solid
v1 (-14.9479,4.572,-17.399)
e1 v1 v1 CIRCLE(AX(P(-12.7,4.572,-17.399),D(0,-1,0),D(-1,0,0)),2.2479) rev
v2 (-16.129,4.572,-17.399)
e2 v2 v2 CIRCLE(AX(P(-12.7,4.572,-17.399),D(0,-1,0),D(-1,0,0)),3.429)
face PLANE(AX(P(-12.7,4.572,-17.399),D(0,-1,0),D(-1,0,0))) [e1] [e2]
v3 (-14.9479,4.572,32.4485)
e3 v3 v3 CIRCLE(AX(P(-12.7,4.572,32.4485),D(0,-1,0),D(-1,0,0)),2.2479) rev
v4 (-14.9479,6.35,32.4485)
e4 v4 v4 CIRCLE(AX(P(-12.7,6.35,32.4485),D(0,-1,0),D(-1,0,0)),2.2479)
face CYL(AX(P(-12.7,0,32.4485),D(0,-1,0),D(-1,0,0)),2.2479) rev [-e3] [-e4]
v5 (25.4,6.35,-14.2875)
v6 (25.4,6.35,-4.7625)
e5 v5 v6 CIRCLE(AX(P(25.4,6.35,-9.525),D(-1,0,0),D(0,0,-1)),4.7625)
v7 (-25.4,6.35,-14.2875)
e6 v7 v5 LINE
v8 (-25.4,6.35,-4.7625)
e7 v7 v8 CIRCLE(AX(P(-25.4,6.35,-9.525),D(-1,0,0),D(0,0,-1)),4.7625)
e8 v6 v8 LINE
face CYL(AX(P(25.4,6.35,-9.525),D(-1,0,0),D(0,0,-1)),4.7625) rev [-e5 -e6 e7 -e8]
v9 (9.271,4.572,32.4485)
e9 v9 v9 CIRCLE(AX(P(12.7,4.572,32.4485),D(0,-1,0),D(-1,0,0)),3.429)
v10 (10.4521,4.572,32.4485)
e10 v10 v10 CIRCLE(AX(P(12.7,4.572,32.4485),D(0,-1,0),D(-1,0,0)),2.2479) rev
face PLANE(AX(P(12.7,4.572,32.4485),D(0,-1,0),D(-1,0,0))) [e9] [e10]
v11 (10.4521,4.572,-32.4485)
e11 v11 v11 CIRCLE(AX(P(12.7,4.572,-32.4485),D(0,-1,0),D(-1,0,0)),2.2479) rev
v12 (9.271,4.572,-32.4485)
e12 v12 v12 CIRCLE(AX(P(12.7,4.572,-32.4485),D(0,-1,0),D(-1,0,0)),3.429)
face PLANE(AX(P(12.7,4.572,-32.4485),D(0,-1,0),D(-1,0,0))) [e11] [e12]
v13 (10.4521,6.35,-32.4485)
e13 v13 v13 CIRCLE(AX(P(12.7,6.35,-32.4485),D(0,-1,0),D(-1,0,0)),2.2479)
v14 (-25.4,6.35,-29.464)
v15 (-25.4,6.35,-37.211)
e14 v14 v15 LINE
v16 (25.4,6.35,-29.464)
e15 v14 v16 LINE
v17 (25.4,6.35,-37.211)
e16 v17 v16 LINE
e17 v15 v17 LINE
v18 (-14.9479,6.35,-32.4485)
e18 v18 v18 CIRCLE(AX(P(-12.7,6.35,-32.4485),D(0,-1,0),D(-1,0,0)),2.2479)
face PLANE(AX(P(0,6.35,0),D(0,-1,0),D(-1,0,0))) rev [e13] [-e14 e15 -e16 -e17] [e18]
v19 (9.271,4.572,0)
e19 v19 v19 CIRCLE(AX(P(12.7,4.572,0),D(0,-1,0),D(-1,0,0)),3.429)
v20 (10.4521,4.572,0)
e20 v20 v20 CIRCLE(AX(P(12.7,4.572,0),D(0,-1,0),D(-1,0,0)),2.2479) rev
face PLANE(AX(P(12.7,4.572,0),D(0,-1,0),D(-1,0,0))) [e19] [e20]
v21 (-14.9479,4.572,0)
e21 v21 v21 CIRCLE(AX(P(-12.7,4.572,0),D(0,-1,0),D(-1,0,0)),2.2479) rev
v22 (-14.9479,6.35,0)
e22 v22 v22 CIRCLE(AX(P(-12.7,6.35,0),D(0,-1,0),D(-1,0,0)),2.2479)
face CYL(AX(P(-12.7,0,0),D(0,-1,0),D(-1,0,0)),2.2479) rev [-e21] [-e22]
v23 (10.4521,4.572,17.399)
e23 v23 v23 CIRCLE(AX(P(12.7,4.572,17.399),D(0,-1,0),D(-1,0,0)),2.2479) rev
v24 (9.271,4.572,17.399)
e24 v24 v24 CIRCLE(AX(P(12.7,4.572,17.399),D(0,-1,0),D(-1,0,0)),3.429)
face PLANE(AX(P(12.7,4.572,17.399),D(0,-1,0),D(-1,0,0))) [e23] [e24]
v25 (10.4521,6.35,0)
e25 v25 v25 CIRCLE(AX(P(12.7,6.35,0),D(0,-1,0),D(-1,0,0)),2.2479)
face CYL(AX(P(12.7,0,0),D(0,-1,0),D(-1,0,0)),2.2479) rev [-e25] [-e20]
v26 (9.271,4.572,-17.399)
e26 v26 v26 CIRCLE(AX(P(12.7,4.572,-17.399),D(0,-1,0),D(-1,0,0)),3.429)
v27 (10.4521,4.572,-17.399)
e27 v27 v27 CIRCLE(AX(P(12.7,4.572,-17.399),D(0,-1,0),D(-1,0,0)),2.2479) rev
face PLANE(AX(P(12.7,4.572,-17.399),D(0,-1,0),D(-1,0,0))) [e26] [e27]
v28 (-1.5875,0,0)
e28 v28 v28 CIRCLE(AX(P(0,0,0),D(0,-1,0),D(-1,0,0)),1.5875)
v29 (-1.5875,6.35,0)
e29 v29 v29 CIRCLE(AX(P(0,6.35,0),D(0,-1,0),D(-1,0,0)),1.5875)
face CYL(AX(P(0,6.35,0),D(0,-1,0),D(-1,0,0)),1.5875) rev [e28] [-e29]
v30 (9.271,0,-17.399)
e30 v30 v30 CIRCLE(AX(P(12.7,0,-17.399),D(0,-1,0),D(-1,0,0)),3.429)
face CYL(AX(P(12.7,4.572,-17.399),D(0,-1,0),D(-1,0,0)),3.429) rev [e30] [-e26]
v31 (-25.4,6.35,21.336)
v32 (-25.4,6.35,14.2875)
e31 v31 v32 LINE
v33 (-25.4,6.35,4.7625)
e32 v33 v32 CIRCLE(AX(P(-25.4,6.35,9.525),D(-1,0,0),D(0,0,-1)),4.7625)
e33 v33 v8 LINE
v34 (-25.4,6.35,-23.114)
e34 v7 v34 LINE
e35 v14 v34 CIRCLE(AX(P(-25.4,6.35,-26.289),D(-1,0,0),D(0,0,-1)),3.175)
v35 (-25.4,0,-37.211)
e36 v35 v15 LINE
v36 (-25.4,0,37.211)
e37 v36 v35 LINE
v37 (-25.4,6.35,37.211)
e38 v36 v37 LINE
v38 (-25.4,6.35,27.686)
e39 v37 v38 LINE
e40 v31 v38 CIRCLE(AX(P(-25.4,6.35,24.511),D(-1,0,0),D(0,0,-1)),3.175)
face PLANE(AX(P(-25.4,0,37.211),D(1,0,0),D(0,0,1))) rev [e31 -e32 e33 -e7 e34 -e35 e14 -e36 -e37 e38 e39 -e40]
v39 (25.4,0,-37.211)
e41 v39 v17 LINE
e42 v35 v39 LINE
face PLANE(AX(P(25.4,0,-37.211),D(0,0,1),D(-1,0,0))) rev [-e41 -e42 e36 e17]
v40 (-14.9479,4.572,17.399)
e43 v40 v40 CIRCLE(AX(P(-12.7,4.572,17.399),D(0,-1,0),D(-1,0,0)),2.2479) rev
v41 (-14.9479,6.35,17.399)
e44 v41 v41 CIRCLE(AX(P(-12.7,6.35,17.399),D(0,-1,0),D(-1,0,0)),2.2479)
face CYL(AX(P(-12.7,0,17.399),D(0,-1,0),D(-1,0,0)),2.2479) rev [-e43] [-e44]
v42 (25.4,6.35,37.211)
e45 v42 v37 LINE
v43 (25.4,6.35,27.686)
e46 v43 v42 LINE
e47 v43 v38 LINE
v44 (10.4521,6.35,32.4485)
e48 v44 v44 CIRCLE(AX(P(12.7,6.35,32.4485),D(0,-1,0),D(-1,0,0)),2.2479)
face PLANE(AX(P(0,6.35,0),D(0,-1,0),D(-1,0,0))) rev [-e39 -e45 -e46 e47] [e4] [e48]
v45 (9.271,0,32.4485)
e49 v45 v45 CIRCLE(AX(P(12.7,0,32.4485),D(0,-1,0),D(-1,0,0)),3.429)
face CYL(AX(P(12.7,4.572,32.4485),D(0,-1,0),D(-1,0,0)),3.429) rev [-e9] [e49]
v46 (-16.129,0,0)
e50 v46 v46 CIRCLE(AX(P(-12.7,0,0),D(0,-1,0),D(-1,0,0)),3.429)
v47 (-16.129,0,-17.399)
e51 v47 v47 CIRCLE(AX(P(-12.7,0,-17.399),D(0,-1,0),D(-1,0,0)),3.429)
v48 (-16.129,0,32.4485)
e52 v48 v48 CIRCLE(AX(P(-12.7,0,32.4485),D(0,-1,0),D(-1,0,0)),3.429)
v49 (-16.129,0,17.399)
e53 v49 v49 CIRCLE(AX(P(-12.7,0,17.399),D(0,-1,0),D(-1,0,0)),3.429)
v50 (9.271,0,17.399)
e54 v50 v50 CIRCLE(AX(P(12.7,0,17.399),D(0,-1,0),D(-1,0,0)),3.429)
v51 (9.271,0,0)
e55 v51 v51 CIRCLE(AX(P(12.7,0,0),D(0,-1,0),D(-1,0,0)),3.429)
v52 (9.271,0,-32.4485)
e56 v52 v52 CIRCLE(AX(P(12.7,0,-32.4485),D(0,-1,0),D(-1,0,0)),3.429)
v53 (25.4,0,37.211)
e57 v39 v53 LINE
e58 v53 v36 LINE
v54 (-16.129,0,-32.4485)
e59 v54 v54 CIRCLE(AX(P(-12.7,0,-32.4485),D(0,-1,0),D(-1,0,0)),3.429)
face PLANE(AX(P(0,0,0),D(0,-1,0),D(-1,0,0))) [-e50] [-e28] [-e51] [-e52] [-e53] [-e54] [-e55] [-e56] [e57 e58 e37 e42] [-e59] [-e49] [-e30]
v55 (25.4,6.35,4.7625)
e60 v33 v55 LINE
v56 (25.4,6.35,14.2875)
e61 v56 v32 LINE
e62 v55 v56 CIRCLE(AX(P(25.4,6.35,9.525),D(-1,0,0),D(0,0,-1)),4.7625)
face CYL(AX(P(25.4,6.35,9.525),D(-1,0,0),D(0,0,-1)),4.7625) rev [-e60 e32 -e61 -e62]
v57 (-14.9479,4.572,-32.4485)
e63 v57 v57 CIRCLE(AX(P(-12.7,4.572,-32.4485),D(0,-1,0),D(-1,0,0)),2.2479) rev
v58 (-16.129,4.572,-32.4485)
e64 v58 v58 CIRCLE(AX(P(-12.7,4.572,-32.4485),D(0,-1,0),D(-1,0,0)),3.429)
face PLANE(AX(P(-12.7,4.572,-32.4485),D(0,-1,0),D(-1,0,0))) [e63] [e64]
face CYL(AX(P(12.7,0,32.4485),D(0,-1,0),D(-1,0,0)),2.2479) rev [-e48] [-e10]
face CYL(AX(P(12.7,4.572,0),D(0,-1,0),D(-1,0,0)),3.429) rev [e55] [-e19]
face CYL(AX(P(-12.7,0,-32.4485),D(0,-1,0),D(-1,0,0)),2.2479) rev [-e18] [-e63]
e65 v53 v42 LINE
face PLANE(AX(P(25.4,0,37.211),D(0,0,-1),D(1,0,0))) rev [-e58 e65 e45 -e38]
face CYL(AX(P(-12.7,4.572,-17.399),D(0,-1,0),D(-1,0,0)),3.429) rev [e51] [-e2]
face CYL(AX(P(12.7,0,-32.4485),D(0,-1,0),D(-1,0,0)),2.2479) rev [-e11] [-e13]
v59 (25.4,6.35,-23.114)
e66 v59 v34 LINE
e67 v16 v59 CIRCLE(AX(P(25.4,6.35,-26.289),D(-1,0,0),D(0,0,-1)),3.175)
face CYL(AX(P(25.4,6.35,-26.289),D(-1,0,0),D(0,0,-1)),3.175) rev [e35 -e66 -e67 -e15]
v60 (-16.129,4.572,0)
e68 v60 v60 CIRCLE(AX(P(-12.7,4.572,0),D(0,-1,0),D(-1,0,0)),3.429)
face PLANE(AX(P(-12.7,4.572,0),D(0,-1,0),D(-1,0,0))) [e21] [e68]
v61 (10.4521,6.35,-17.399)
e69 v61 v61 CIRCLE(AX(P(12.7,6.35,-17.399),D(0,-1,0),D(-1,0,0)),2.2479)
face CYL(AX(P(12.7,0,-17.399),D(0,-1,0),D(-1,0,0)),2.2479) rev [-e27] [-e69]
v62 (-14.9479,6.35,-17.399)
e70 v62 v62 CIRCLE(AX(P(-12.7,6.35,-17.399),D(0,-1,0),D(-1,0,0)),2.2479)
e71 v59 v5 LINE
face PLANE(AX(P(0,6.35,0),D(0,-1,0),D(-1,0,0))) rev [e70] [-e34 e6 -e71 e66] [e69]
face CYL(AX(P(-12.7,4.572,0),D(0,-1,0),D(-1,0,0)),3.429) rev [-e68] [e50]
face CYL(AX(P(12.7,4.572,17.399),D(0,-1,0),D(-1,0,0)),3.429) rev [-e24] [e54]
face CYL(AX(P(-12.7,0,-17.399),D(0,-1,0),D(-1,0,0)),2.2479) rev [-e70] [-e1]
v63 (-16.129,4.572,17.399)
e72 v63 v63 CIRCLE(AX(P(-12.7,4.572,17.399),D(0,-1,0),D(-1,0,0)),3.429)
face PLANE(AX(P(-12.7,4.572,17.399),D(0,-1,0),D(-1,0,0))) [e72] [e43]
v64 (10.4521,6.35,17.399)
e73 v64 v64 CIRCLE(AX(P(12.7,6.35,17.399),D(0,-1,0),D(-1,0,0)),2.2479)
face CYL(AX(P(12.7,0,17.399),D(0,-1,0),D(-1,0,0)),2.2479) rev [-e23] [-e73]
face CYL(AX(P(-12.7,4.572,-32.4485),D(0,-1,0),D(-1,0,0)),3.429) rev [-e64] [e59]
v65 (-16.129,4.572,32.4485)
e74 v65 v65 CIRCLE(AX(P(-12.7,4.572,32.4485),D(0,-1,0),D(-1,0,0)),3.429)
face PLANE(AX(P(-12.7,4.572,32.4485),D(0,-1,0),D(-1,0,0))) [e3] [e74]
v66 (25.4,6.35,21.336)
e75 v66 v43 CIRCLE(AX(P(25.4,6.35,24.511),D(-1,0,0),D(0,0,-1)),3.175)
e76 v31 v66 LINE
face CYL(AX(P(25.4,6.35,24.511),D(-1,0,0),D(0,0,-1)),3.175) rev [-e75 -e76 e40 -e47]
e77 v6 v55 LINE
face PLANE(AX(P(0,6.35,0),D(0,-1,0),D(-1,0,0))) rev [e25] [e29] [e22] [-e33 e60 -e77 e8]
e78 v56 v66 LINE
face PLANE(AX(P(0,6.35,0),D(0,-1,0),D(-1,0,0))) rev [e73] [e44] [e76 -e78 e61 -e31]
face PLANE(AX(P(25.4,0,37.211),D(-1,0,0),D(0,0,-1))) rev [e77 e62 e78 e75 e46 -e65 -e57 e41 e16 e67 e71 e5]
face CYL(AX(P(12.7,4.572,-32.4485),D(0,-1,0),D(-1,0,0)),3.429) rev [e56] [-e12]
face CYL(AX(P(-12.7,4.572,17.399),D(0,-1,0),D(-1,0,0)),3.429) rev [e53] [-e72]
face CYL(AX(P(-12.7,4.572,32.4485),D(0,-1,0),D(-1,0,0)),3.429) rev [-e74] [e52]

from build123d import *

# Parameters (mm, degrees)
SKETCH1_W             = 74.422
SKETCH1_H             = 50.8
BOSS_EXTRUDE1_DEPTH   = 6.35
SKETCH2_R             = 3.175
CUT_EXTRUDE1_DEPTH    = 64.289975675
SKETCH3_R             = 4.7625
CUT_EXTRUDE2_DEPTH    = 64.289975675
F_8_CLEARANCE_HOLE1_D = 4.4958
SKETCH6_R             = 3.429
CUT_EXTRUDE3_DEPTH    = 4.572
SKETCH7_R             = 1.5875
CUT_EXTRUDE4_DEPTH    = 46.498802413
BODY_MOVE_COPY3_ANGLE = 180


with BuildPart() as part:
    # Sketch1 → Boss-Extrude1 (new body)
    with BuildSketch(Plane(origin=(0, 0, 0), x_dir=(1, 0, 0), z_dir=(0, 1, 0))):
        Rectangle(SKETCH1_W, SKETCH1_H)
    extrude(amount=BOSS_EXTRUDE1_DEPTH)

    # Sketch2 → Cut-Extrude1 (cut, through all)
    with BuildSketch(Plane.XY.offset(25.4)):
        with Locations((-24.511, 0)):
            Circle(SKETCH2_R)
        with Locations((26.289, 0)):
            Circle(SKETCH2_R)
    extrude(amount=-CUT_EXTRUDE1_DEPTH, mode=Mode.SUBTRACT)

    # Sketch3 → Cut-Extrude2 (cut, through all)
    with BuildSketch(Plane.XY.offset(25.4)):
        with Locations((-9.525, 0)):
            Circle(SKETCH3_R)
        with Locations((9.525, 0)):
            Circle(SKETCH3_R)
    extrude(amount=-CUT_EXTRUDE2_DEPTH, mode=Mode.SUBTRACT)

    # #8 Clearance Hole1 (through all)
    with Locations(Plane(origin=(0, 6.35, 0), x_dir=(1, 0, 0), z_dir=(0, 1, 0))):
        with Locations((-32.4485, 12.7), (-32.4485, -12.7), (-17.399, -12.7), (0, -12.7), (17.399, -12.7), (32.4485, -12.7), (32.4485, 12.7), (17.399, 12.7), (0, 12.7), (-17.399, 12.7)):
            Hole(F_8_CLEARANCE_HOLE1_D / 2)

    # Sketch6 → Cut-Extrude3 (cut)
    with BuildSketch(Plane(origin=(0, 6.35, 0), x_dir=(1, 0, 0), z_dir=(0, 1, 0))):
        with Locations(Location((-32.4485, 12.7, 0), (0, 0, 270))):
            Circle(SKETCH6_R)
        with Locations(Location((-17.399, 12.7, 0), (0, 0, 270))):
            Circle(SKETCH6_R)
        with Locations(Location((0, 12.7, 0), (0, 0, 270))):
            Circle(SKETCH6_R)
        with Locations(Location((17.399, 12.7, 0), (0, 0, 270))):
            Circle(SKETCH6_R)
        with Locations(Location((32.4485, 12.7, 0), (0, 0, 270))):
            Circle(SKETCH6_R)
        with Locations(Location((32.4485, -12.7, 0), (0, 0, 270))):
            Circle(SKETCH6_R)
        with Locations(Location((17.399, -12.7, 0), (0, 0, 270))):
            Circle(SKETCH6_R)
        with Locations(Location((0, -12.7, 0), (0, 0, 270))):
            Circle(SKETCH6_R)
        with Locations(Location((-17.399, -12.7, 0), (0, 0, 270))):
            Circle(SKETCH6_R)
        with Locations(Location((-32.4485, -12.7, 0), (0, 0, 270))):
            Circle(SKETCH6_R)
    extrude(amount=-CUT_EXTRUDE3_DEPTH, mode=Mode.SUBTRACT)

    # Sketch7 → Cut-Extrude4 (cut, through all)
    with BuildSketch(Plane(origin=(0, 6.35, 0), x_dir=(1, 0, 0), z_dir=(0, 1, 0))):
        with Locations(Location((0, 0, 0), (0, 0, 270))):
            Circle(SKETCH7_R)
    extrude(amount=-CUT_EXTRUDE4_DEPTH, mode=Mode.SUBTRACT)


with BuildPart() as part_1:
    # Body-Move/Copy3: moved
    add(part.part.moved(Location((0, 0, 0))).rotate(Axis((0, 3.175, 0), (0.7071067811865488, 0, -0.7071067811865462)), BODY_MOVE_COPY3_ANGLE))


solid = part_1.part
